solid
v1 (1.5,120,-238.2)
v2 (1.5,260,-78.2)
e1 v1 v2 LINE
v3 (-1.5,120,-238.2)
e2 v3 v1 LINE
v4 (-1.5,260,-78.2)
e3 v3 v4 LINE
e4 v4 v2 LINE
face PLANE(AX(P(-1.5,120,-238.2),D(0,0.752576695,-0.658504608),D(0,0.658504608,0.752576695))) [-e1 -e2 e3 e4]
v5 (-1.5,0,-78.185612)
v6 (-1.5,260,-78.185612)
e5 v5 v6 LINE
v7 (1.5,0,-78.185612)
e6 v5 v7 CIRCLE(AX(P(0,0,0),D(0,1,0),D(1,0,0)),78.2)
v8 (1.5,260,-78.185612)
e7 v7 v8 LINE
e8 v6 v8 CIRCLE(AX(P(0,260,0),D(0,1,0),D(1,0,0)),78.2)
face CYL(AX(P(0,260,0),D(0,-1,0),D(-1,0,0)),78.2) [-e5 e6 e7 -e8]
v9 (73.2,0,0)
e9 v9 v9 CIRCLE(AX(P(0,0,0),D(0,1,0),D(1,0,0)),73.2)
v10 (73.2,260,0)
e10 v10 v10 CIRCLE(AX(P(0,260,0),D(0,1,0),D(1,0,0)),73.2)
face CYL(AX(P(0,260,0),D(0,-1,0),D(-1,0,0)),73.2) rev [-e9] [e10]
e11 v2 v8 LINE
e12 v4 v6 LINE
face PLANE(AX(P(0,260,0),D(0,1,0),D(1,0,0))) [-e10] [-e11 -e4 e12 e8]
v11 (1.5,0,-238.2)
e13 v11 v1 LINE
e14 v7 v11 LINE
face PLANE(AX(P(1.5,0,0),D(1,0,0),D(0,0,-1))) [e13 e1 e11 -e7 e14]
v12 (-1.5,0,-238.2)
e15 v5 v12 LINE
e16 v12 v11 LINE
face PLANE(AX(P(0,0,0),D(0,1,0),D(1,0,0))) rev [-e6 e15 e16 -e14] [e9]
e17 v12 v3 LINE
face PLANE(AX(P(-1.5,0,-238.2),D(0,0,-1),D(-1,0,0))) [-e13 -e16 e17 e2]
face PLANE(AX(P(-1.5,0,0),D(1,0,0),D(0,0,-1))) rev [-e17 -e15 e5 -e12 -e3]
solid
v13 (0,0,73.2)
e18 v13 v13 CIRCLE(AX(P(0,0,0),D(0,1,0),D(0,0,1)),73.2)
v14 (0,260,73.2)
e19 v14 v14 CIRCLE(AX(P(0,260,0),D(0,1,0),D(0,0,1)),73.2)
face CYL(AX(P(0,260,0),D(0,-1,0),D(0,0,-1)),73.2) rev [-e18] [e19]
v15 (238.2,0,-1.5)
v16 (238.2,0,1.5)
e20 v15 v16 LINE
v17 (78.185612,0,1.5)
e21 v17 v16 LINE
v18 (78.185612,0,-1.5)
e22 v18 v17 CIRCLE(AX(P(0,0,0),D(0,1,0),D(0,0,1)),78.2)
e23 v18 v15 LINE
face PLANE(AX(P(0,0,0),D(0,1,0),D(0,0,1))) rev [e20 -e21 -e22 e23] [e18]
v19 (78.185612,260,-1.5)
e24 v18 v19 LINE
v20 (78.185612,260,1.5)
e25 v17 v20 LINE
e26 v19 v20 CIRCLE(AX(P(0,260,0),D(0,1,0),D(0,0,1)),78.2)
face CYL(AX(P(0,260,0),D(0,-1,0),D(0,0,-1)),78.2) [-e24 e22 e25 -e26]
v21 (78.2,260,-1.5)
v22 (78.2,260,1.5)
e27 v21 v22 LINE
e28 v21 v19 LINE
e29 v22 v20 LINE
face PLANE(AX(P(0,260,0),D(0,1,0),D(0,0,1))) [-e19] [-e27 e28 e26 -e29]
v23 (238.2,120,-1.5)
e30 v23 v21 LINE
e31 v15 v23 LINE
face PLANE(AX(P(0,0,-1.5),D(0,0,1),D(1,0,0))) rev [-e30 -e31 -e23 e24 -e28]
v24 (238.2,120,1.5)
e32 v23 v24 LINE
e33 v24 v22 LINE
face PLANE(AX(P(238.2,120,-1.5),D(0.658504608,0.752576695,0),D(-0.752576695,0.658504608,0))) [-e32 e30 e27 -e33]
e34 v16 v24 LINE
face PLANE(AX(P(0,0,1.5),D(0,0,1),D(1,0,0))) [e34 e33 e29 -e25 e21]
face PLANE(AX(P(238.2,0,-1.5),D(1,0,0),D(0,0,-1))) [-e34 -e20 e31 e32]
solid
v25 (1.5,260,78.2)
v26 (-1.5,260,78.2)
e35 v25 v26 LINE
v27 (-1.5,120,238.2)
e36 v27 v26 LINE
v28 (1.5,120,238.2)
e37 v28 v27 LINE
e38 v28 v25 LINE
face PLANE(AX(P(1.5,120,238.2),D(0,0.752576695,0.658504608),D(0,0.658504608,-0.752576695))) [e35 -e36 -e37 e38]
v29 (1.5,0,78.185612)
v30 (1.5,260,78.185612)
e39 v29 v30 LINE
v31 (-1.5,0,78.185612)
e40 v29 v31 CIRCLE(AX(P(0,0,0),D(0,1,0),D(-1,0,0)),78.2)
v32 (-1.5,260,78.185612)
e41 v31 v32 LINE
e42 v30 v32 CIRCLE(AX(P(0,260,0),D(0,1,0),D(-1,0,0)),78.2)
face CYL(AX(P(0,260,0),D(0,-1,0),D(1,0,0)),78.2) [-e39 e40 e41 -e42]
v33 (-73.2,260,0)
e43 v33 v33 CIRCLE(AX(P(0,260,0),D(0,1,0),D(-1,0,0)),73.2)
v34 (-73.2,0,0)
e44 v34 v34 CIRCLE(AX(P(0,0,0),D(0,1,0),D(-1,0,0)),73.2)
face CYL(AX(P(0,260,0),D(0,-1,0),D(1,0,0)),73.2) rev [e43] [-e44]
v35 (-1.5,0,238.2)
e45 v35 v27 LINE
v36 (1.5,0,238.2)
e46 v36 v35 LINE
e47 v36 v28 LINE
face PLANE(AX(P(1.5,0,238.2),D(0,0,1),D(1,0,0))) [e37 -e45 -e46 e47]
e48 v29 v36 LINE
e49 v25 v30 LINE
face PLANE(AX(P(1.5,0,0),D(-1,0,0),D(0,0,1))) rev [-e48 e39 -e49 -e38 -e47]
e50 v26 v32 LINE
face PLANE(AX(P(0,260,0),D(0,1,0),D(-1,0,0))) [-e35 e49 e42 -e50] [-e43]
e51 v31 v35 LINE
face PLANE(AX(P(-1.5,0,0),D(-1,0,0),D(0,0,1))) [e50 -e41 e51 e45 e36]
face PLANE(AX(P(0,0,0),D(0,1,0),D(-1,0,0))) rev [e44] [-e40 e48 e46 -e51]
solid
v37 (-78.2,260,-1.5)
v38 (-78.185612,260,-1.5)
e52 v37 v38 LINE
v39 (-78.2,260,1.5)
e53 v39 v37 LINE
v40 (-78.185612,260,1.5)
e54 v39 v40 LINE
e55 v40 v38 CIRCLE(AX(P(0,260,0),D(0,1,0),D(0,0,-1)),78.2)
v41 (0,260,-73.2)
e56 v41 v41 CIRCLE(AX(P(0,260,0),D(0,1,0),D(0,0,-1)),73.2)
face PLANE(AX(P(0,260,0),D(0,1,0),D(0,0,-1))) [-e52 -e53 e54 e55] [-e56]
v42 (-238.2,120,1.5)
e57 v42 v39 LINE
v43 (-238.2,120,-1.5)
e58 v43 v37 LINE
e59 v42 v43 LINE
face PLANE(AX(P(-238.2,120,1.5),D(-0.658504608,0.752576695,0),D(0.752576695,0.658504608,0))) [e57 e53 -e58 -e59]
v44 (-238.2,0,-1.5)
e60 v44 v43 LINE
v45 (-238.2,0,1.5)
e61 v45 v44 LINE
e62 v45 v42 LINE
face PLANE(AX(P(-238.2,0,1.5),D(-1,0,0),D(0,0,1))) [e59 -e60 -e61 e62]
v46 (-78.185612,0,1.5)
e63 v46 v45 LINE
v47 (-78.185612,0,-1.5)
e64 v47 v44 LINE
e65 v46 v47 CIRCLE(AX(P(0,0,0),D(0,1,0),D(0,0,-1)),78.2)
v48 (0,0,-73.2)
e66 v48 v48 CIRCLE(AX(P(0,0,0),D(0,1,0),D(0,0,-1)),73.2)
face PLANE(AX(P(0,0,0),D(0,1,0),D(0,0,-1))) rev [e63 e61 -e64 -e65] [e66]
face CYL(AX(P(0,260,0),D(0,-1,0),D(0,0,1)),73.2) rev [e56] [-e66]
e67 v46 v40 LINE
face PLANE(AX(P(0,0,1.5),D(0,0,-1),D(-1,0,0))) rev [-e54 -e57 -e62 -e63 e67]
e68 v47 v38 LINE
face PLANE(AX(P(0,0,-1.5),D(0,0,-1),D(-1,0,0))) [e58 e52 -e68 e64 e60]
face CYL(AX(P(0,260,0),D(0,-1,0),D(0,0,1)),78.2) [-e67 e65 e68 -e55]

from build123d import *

# Parameters (mm, degrees)
SKETCH1_R                = 78.2
SKETCH1_R_2              = 73.2
BOSS_EXTRUDE1_DEPTH      = 260
BOSS_EXTRUDE2_DEPTH      = 1.5
BOSS_EXTRUDE2_DEPTH_BACK = 1.5
BOSS_EXTRUDE3_DEPTH      = 1.5
BOSS_EXTRUDE3_DEPTH_BACK = 1.5
SKETCH4_W                = 2
SKETCH4_H                = 260
CIRPATTERN1_COUNT        = 4


with BuildPart() as part:
    # Sketch1 → Boss-Extrude1 (new body)
    with BuildSketch(Plane(origin=(0, 0, 0), x_dir=(1, 0, 0), z_dir=(0, 1, 0))):
        Circle(SKETCH1_R)
        Circle(SKETCH1_R_2, mode=Mode.SUBTRACT)
    extrude(amount=BOSS_EXTRUDE1_DEPTH)



with BuildPart() as body_2:
    # Sketch2 → Boss-Extrude2 (new, two sides: drawn at the far end of the back side and taken through both)
    with BuildSketch(Plane.XY.offset(-BOSS_EXTRUDE2_DEPTH_BACK)):
        Polygon((78.2, 0), (78.2, 260), (238.2, 120), (238.2, 0), align=None)
    extrude(amount=BOSS_EXTRUDE2_DEPTH + BOSS_EXTRUDE2_DEPTH_BACK)


with BuildPart() as part_1:
    add(part.part)

    add(body_2.part)  # Boss-Extrude3 merges body 2
    # Sketch4 → Boss-Extrude3 (add, two sides: drawn at the far end of the back side and taken through both)
    with BuildSketch(Plane.XY.offset(-BOSS_EXTRUDE3_DEPTH_BACK)):
        with Locations((77.2, 130)):
            Rectangle(SKETCH4_W, SKETCH4_H)
    extrude(amount=BOSS_EXTRUDE3_DEPTH + BOSS_EXTRUDE3_DEPTH_BACK)


with BuildPart() as cirpattern1_1:
    # CirPattern1: pattern copy
    add(part_1.part.rotate(Axis((0, 260, 0), (0, -1, 0)), 1 * 360 / CIRPATTERN1_COUNT))


with BuildPart() as cirpattern1_2:
    # CirPattern1: pattern copy
    add(part_1.part.rotate(Axis((0, 260, 0), (0, -1, 0)), 2 * 360 / CIRPATTERN1_COUNT))


with BuildPart() as cirpattern1_3:
    # CirPattern1: pattern copy
    add(part_1.part.rotate(Axis((0, 260, 0), (0, -1, 0)), 3 * 360 / CIRPATTERN1_COUNT))


solid = Compound([part_1.part, cirpattern1_1.part, cirpattern1_2.part, cirpattern1_3.part])
